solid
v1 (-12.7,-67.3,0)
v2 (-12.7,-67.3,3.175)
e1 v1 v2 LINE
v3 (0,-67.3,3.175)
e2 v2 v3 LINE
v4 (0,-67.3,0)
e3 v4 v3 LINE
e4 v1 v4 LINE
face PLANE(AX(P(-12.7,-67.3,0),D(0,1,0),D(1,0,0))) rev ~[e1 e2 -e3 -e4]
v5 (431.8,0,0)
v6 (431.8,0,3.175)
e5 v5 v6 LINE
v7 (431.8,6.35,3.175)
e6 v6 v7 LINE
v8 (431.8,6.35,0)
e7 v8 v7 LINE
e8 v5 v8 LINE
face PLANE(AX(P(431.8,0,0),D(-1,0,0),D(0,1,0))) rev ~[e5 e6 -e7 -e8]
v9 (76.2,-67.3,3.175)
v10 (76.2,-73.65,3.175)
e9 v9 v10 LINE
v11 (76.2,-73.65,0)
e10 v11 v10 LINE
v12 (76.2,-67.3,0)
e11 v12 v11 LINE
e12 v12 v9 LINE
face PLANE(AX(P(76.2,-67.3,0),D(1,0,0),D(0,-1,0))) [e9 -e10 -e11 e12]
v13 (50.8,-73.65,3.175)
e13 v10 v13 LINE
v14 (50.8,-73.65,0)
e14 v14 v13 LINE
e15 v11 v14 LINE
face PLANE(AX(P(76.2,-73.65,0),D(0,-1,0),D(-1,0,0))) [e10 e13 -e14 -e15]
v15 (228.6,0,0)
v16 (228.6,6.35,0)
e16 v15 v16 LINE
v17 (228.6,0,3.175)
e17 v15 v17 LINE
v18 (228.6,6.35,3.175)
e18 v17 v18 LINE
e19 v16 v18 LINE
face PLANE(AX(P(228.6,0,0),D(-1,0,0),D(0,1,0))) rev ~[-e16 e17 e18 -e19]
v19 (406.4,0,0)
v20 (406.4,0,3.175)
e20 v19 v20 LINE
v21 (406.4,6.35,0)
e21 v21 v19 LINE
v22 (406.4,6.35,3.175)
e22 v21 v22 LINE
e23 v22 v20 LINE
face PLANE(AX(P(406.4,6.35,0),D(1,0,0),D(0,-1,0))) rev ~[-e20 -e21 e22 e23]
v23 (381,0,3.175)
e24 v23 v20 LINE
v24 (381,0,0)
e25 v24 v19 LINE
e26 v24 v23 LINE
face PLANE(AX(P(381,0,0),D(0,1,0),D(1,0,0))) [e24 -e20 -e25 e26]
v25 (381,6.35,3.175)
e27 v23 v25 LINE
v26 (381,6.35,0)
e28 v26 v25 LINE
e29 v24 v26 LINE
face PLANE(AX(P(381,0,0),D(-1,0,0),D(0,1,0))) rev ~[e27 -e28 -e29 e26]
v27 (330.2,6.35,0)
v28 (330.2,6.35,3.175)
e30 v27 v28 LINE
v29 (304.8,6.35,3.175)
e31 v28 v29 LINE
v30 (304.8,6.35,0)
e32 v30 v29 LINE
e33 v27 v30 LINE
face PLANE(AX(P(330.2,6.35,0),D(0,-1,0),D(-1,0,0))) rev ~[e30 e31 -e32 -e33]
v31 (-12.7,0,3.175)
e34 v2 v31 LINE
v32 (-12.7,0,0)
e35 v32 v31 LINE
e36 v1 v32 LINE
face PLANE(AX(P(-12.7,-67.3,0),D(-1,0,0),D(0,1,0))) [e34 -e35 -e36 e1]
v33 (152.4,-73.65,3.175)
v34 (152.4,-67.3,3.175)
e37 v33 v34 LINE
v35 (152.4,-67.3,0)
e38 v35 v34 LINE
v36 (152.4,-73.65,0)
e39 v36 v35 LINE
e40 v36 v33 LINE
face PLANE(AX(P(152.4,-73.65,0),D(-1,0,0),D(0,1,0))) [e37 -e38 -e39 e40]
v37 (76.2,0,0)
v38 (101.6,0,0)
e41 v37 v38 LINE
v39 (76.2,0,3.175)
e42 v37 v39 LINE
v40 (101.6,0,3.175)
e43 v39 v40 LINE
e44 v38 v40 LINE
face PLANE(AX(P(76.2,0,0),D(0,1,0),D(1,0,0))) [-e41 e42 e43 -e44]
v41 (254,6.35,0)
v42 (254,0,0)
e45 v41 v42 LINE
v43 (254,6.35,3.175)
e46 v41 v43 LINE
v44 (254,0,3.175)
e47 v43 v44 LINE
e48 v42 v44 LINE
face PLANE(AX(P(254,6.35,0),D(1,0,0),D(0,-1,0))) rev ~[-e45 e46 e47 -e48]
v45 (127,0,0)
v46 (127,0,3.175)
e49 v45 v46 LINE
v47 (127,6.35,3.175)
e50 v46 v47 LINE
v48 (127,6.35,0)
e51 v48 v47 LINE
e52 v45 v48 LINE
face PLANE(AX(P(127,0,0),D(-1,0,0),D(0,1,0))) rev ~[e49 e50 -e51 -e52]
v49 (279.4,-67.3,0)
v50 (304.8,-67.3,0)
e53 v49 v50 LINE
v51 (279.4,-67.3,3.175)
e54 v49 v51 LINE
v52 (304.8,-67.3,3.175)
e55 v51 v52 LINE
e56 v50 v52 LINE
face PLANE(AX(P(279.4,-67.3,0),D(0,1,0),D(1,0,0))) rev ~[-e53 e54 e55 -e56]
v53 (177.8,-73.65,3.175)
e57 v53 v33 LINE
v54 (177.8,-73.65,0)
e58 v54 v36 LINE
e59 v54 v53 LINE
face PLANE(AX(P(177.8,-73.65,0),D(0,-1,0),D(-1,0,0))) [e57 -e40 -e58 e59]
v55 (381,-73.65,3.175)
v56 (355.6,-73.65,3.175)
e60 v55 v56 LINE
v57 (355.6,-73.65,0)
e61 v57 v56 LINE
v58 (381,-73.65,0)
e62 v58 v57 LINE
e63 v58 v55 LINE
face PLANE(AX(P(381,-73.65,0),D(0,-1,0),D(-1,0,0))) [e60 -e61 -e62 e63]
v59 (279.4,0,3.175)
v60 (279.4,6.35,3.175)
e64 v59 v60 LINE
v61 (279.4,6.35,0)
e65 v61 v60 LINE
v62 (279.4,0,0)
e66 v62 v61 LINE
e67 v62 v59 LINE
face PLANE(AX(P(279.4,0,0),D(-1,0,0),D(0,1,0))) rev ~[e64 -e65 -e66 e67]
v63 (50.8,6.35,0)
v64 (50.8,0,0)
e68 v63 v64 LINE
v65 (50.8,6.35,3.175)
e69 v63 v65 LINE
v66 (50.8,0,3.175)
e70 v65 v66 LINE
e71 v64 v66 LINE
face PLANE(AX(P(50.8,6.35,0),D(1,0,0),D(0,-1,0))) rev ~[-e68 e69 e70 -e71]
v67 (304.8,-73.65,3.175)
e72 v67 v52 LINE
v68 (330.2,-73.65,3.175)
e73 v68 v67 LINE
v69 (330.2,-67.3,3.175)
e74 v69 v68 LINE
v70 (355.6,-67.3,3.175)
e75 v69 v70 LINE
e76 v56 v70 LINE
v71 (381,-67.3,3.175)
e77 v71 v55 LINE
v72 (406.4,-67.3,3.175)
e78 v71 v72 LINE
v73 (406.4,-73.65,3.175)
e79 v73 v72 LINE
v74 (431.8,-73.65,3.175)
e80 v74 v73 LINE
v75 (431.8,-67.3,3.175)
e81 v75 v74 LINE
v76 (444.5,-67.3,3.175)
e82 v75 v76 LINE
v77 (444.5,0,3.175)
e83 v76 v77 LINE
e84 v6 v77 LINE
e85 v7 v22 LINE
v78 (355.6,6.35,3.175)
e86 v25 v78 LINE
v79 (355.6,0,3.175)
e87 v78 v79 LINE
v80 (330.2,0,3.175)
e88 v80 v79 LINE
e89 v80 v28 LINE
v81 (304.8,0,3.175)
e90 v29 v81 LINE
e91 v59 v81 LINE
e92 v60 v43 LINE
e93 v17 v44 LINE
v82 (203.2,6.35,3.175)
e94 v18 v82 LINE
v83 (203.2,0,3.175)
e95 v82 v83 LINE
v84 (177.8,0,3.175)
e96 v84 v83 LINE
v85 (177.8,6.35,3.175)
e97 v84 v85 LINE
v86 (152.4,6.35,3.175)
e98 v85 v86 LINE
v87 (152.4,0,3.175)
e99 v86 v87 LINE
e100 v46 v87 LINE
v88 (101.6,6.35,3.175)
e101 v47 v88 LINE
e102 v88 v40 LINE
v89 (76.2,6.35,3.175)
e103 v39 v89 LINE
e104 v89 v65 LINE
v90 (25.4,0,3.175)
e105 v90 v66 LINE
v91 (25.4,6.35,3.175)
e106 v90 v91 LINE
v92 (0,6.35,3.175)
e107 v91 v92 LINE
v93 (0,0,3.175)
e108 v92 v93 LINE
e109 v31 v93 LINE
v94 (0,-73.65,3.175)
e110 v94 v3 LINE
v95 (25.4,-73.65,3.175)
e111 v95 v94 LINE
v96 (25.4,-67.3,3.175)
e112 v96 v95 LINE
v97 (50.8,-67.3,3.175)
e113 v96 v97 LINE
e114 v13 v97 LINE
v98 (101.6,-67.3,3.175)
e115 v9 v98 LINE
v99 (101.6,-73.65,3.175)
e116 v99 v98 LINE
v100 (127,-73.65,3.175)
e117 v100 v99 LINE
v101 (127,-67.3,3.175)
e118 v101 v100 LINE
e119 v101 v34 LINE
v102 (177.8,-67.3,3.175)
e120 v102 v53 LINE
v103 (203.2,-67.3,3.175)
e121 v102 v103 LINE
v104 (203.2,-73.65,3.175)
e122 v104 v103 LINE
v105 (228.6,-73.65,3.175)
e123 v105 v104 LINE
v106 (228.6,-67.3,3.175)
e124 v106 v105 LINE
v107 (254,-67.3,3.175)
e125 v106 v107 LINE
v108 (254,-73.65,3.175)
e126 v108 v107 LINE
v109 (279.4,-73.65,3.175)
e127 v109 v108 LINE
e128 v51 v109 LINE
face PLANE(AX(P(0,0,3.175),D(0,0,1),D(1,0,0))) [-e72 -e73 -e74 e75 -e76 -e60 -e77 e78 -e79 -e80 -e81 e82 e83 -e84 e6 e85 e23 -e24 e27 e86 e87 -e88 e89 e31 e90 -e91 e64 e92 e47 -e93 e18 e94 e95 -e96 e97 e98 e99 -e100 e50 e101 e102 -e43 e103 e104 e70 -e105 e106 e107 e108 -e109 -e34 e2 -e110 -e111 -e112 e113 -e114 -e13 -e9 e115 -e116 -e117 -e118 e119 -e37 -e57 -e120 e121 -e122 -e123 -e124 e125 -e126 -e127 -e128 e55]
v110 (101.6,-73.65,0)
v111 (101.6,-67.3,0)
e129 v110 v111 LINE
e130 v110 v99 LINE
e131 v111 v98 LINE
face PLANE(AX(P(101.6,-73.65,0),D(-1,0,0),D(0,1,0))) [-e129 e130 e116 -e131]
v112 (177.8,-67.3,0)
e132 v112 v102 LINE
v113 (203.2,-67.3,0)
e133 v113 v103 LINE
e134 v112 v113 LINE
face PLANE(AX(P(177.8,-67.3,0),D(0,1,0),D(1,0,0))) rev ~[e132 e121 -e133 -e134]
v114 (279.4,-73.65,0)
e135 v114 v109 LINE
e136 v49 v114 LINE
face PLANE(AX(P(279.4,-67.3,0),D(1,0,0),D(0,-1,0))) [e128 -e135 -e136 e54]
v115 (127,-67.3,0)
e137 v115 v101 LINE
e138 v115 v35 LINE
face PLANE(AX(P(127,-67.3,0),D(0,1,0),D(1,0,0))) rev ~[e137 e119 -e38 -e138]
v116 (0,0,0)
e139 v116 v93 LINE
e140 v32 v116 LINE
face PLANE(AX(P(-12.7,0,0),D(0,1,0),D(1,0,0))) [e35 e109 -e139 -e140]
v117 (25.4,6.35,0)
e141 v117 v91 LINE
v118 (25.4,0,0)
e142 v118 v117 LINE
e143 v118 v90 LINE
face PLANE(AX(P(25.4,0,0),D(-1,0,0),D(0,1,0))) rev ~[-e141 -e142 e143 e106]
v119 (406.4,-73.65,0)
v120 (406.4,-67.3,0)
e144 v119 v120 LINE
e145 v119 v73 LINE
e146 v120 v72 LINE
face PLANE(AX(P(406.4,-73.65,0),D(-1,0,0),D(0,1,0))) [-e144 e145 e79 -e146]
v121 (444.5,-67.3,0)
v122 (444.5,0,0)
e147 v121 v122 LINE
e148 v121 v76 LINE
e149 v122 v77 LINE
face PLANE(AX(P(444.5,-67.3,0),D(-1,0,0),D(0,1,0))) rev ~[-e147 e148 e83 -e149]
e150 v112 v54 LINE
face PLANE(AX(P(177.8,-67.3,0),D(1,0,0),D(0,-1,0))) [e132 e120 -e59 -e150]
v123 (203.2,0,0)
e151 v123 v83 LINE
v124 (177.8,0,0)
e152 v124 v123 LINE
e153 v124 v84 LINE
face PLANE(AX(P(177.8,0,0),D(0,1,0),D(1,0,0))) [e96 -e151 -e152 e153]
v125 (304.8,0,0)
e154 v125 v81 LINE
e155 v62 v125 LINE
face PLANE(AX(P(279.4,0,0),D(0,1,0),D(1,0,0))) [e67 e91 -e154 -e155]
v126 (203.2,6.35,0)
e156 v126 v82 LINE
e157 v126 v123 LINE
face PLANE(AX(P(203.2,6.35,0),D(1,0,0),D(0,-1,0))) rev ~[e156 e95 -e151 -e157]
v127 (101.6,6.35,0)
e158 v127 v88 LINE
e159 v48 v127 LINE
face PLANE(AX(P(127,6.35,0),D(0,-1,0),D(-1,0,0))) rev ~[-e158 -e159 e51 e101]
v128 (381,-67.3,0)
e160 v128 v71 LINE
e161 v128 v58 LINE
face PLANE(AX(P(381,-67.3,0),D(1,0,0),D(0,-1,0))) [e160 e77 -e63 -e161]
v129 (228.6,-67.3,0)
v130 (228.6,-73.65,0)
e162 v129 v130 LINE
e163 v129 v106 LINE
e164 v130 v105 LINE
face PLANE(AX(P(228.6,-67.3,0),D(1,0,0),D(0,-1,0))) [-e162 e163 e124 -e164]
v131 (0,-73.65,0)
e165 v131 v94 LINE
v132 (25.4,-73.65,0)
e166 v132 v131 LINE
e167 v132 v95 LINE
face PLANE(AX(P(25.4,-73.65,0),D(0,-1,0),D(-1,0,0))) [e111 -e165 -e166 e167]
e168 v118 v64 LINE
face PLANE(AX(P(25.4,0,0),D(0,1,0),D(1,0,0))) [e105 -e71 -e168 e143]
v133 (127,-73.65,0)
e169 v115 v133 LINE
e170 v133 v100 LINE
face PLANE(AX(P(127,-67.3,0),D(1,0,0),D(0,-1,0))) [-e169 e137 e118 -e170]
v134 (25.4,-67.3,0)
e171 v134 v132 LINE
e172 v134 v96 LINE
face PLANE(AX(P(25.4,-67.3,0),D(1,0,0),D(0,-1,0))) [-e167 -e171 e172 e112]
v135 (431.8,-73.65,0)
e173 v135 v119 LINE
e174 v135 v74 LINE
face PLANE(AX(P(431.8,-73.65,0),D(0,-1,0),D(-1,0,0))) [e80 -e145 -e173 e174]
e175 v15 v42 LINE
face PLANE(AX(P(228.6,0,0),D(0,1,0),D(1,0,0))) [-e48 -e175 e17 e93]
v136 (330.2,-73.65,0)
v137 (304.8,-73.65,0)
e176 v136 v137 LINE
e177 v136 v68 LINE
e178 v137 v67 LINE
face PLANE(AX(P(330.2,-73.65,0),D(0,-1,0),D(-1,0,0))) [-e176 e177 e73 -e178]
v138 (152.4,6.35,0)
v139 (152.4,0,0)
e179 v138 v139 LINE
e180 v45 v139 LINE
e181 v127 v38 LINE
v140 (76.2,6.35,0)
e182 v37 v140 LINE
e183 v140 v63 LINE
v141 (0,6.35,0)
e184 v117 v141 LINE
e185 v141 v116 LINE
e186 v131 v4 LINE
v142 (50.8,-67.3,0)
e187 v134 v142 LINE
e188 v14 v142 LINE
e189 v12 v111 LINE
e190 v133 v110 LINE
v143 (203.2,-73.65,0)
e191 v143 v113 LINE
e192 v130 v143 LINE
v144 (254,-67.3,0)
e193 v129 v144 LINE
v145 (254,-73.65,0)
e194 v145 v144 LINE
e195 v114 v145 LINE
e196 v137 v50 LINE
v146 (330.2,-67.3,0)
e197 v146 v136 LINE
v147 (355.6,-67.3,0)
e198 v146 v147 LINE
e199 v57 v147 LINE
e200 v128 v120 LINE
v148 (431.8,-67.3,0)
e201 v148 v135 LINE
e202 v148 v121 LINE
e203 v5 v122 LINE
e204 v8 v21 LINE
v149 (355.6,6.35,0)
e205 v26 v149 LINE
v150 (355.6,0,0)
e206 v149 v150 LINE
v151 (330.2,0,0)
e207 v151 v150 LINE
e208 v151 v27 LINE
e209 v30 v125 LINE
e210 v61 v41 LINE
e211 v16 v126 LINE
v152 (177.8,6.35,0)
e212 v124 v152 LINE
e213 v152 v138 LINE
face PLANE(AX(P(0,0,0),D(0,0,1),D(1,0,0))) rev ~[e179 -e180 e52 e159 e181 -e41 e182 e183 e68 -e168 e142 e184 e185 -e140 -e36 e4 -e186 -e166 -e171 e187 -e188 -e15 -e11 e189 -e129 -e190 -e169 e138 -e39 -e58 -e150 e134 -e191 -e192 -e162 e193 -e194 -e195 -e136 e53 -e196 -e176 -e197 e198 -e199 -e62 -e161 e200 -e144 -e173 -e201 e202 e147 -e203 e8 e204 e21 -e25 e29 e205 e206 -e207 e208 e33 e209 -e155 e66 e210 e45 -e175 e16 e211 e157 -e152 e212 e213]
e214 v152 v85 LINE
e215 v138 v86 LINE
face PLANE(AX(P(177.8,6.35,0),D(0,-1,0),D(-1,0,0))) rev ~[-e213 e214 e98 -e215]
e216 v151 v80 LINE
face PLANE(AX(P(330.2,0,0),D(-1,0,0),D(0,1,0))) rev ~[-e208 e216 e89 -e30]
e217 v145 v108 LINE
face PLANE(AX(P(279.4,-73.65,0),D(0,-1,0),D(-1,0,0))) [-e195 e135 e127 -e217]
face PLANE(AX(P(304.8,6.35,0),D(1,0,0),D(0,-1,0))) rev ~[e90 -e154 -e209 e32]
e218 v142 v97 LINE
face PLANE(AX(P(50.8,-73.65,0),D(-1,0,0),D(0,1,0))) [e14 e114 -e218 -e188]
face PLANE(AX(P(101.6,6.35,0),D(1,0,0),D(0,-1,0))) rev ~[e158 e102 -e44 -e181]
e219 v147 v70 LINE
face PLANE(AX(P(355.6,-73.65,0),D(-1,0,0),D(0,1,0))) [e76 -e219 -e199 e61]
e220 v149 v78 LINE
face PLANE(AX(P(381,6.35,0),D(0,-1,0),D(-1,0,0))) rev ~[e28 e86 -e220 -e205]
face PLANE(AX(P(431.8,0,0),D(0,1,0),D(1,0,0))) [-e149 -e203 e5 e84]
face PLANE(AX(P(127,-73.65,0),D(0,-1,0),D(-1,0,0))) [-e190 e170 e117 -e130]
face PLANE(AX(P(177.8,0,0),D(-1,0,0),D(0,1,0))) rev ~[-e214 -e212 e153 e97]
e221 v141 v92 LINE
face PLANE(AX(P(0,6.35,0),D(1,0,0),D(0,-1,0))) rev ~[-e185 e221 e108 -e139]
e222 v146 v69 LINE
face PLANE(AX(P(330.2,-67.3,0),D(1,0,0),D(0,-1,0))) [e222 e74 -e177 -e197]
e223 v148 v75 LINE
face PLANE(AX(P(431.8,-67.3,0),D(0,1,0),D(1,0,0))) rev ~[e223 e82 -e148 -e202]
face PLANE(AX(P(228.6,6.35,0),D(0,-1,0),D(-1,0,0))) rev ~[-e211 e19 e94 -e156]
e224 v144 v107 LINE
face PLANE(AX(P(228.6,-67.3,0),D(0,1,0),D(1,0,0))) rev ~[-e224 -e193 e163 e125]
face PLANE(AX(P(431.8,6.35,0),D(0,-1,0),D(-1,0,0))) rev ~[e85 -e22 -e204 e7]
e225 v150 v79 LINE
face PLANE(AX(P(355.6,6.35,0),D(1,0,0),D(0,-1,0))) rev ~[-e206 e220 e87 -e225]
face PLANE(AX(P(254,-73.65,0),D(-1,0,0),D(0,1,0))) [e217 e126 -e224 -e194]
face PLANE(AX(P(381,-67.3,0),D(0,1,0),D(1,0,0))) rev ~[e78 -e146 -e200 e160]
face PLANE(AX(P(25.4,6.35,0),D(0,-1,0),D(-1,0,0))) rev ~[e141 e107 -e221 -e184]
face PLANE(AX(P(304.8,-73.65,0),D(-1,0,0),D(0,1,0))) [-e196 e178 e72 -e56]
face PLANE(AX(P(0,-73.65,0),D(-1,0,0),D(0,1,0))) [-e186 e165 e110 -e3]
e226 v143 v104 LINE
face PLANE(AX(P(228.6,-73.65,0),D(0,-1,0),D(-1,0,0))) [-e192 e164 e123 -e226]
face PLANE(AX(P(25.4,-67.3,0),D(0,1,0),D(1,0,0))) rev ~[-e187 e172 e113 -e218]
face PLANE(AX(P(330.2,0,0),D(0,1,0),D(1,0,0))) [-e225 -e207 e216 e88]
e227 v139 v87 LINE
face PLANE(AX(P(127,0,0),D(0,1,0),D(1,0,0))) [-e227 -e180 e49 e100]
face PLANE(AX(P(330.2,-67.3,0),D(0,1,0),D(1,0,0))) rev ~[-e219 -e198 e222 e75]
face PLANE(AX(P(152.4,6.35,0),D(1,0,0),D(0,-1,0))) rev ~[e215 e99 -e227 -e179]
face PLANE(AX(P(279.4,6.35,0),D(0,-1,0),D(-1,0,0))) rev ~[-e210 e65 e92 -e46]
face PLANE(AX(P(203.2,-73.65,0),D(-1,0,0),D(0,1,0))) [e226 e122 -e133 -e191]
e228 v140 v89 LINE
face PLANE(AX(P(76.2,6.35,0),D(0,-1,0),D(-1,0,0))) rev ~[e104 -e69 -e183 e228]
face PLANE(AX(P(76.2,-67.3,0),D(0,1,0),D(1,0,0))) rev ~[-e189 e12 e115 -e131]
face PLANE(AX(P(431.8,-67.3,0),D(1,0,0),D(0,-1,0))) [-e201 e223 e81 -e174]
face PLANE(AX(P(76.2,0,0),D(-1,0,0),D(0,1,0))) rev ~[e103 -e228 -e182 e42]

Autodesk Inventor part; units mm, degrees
ref_plane "YZ Plane" through (0, 0, 0) normal (1, 0, 0) x (0, 1, 0)
ref_plane "XZ Plane" through (0, 0, 0) normal (0, 1, 0) x (-1, 0, 0)
ref_plane "XY Plane" through (0, 0, 0) normal (0, 0, 1) x (1, 0, 0)
sketch "Sketch1" plane through (0, 0, 0) normal (0, 0, 1) x (1, 0, 0)
  line L0 (-67.6755, -67.3) -> (481.6646, -67.3) projected
  line L1 (-67.6755, 0) -> (481.6646, 0) projected
  line L2 (0, 0) -> (25.4, 0)
  line L3 (25.4, 0) -> (25.4, 6.35)
  line L4 (25.4, 6.35) -> (0, 6.35)
  line L5 (0, 6.35) -> (0, 0)
  line L6 (0, -67.3) -> (25.4, -67.3)
  line L7 (25.4, -67.3) -> (25.4, -73.65)
  line L8 (25.4, -73.65) -> (0, -73.65)
  line L9 (0, -73.65) -> (0, -67.3)
  line L10 (50.8, -67.3) -> (76.2, -67.3)
  line L11 (76.2, -67.3) -> (76.2, -73.65)
  line L12 (76.2, -73.65) -> (50.8, -73.65)
  line L13 (50.8, -73.65) -> (50.8, -67.3)
  line L14 (50.8, 0) -> (76.2, 0)
  line L15 (76.2, 0) -> (76.2, 6.35)
  line L16 (76.2, 6.35) -> (50.8, 6.35)
  line L17 (50.8, 6.35) -> (50.8, 0)
  line L18 (101.6, -67.3) -> (127, -67.3)
  line L19 (127, -67.3) -> (127, -73.65)
  line L20 (127, -73.65) -> (101.6, -73.65)
  line L21 (101.6, -73.65) -> (101.6, -67.3)
  line L22 (101.6, 0) -> (127, 0)
  line L23 (127, 0) -> (127, 6.35)
  line L24 (127, 6.35) -> (101.6, 6.35)
  line L25 (101.6, 6.35) -> (101.6, 0)
  line L26 (152.4, -67.3) -> (177.8, -67.3)
  line L27 (177.8, -67.3) -> (177.8, -73.65)
  line L28 (177.8, -73.65) -> (152.4, -73.65)
  line L29 (152.4, -73.65) -> (152.4, -67.3)
  line L30 (152.4, 0) -> (177.8, 0)
  line L31 (177.8, 0) -> (177.8, 6.35)
  line L32 (177.8, 6.35) -> (152.4, 6.35)
  line L33 (152.4, 6.35) -> (152.4, 0)
  line L34 (203.2, -67.3) -> (228.6, -67.3)
  line L35 (228.6, -67.3) -> (228.6, -73.65)
  line L36 (228.6, -73.65) -> (203.2, -73.65)
  line L37 (203.2, -73.65) -> (203.2, -67.3)
  line L38 (203.2, 0) -> (228.6, 0)
  line L39 (228.6, 0) -> (228.6, 6.35)
  line L40 (228.6, 6.35) -> (203.2, 6.35)
  line L41 (203.2, 6.35) -> (203.2, 0)
  line L42 (254, -67.3) -> (279.4, -67.3)
  line L43 (279.4, -67.3) -> (279.4, -73.65)
  line L44 (279.4, -73.65) -> (254, -73.65)
  line L45 (254, -73.65) -> (254, -67.3)
  line L46 (254, 0) -> (279.4, 0)
  line L47 (279.4, 0) -> (279.4, 6.35)
  line L48 (279.4, 6.35) -> (254, 6.35)
  line L49 (254, 6.35) -> (254, 0)
  line L50 (304.8, -67.3) -> (330.2, -67.3)
  line L51 (330.2, -67.3) -> (330.2, -73.65)
  line L52 (330.2, -73.65) -> (304.8, -73.65)
  line L53 (304.8, -73.65) -> (304.8, -67.3)
  line L54 (304.8, 0) -> (330.2, 0)
  line L55 (330.2, 0) -> (330.2, 6.35)
  line L56 (330.2, 6.35) -> (304.8, 6.35)
  line L57 (304.8, 6.35) -> (304.8, 0)
  line L58 (355.6, -67.3) -> (381, -67.3)
  line L59 (381, -67.3) -> (381, -73.65)
  line L60 (381, -73.65) -> (355.6, -73.65)
  line L61 (355.6, -73.65) -> (355.6, -67.3)
  line L62 (355.6, 0) -> (381, 0)
  line L63 (381, 0) -> (381, 6.35)
  line L64 (381, 6.35) -> (355.6, 6.35)
  line L65 (355.6, 6.35) -> (355.6, 0)
  line L66 (406.4, -67.3) -> (431.8, -67.3)
  line L67 (431.8, -67.3) -> (431.8, -73.65)
  line L68 (431.8, -73.65) -> (406.4, -73.65)
  line L69 (406.4, -73.65) -> (406.4, -67.3)
  line L70 (406.4, 0) -> (431.8, 0)
  line L71 (431.8, 0) -> (431.8, 6.35)
  line L72 (431.8, 6.35) -> (406.4, 6.35)
  line L73 (406.4, 6.35) -> (406.4, 0)
  line L74 (444.5, -67.3) -> (444.5, 0)
  line L75 (-12.7, -67.3) -> (-12.7, 0)
  point P0 (25.4, -67.3)
  point P1 (50.8, -67.3)
  point P2 (76.2, -67.3)
  point P3 (101.6, -67.3)
  point P4 (127, -67.3)
  point P5 (152.4, -67.3)
  point P6 (177.8, -67.3)
  point P7 (203.2, -67.3)
  point P8 (228.6, -67.3)
  point P9 (254, -67.3)
  point P10 (279.4, -67.3)
  point P11 (304.8, -67.3)
  point P12 (330.2, -67.3)
  point P13 (355.6, -67.3)
  point P14 (381, -67.3)
  point P15 (406.4, -67.3)
  point P16 (431.8, -67.3)
  dimension "d0" = 25.4
  dimension "d1" = 6.35
  dimension "d2" = 25.4
  dimension "d3" = 6.35
  dimension "d6" = 50.8
  dimension "d11" = 12.7
  dimension "d12" = 12.7
extrude "Extrusion1" add sketch "Sketch1" along normal blind 3.175
properties part number "MainArmCenter" material "MDF Medium Density Fiberboard"
